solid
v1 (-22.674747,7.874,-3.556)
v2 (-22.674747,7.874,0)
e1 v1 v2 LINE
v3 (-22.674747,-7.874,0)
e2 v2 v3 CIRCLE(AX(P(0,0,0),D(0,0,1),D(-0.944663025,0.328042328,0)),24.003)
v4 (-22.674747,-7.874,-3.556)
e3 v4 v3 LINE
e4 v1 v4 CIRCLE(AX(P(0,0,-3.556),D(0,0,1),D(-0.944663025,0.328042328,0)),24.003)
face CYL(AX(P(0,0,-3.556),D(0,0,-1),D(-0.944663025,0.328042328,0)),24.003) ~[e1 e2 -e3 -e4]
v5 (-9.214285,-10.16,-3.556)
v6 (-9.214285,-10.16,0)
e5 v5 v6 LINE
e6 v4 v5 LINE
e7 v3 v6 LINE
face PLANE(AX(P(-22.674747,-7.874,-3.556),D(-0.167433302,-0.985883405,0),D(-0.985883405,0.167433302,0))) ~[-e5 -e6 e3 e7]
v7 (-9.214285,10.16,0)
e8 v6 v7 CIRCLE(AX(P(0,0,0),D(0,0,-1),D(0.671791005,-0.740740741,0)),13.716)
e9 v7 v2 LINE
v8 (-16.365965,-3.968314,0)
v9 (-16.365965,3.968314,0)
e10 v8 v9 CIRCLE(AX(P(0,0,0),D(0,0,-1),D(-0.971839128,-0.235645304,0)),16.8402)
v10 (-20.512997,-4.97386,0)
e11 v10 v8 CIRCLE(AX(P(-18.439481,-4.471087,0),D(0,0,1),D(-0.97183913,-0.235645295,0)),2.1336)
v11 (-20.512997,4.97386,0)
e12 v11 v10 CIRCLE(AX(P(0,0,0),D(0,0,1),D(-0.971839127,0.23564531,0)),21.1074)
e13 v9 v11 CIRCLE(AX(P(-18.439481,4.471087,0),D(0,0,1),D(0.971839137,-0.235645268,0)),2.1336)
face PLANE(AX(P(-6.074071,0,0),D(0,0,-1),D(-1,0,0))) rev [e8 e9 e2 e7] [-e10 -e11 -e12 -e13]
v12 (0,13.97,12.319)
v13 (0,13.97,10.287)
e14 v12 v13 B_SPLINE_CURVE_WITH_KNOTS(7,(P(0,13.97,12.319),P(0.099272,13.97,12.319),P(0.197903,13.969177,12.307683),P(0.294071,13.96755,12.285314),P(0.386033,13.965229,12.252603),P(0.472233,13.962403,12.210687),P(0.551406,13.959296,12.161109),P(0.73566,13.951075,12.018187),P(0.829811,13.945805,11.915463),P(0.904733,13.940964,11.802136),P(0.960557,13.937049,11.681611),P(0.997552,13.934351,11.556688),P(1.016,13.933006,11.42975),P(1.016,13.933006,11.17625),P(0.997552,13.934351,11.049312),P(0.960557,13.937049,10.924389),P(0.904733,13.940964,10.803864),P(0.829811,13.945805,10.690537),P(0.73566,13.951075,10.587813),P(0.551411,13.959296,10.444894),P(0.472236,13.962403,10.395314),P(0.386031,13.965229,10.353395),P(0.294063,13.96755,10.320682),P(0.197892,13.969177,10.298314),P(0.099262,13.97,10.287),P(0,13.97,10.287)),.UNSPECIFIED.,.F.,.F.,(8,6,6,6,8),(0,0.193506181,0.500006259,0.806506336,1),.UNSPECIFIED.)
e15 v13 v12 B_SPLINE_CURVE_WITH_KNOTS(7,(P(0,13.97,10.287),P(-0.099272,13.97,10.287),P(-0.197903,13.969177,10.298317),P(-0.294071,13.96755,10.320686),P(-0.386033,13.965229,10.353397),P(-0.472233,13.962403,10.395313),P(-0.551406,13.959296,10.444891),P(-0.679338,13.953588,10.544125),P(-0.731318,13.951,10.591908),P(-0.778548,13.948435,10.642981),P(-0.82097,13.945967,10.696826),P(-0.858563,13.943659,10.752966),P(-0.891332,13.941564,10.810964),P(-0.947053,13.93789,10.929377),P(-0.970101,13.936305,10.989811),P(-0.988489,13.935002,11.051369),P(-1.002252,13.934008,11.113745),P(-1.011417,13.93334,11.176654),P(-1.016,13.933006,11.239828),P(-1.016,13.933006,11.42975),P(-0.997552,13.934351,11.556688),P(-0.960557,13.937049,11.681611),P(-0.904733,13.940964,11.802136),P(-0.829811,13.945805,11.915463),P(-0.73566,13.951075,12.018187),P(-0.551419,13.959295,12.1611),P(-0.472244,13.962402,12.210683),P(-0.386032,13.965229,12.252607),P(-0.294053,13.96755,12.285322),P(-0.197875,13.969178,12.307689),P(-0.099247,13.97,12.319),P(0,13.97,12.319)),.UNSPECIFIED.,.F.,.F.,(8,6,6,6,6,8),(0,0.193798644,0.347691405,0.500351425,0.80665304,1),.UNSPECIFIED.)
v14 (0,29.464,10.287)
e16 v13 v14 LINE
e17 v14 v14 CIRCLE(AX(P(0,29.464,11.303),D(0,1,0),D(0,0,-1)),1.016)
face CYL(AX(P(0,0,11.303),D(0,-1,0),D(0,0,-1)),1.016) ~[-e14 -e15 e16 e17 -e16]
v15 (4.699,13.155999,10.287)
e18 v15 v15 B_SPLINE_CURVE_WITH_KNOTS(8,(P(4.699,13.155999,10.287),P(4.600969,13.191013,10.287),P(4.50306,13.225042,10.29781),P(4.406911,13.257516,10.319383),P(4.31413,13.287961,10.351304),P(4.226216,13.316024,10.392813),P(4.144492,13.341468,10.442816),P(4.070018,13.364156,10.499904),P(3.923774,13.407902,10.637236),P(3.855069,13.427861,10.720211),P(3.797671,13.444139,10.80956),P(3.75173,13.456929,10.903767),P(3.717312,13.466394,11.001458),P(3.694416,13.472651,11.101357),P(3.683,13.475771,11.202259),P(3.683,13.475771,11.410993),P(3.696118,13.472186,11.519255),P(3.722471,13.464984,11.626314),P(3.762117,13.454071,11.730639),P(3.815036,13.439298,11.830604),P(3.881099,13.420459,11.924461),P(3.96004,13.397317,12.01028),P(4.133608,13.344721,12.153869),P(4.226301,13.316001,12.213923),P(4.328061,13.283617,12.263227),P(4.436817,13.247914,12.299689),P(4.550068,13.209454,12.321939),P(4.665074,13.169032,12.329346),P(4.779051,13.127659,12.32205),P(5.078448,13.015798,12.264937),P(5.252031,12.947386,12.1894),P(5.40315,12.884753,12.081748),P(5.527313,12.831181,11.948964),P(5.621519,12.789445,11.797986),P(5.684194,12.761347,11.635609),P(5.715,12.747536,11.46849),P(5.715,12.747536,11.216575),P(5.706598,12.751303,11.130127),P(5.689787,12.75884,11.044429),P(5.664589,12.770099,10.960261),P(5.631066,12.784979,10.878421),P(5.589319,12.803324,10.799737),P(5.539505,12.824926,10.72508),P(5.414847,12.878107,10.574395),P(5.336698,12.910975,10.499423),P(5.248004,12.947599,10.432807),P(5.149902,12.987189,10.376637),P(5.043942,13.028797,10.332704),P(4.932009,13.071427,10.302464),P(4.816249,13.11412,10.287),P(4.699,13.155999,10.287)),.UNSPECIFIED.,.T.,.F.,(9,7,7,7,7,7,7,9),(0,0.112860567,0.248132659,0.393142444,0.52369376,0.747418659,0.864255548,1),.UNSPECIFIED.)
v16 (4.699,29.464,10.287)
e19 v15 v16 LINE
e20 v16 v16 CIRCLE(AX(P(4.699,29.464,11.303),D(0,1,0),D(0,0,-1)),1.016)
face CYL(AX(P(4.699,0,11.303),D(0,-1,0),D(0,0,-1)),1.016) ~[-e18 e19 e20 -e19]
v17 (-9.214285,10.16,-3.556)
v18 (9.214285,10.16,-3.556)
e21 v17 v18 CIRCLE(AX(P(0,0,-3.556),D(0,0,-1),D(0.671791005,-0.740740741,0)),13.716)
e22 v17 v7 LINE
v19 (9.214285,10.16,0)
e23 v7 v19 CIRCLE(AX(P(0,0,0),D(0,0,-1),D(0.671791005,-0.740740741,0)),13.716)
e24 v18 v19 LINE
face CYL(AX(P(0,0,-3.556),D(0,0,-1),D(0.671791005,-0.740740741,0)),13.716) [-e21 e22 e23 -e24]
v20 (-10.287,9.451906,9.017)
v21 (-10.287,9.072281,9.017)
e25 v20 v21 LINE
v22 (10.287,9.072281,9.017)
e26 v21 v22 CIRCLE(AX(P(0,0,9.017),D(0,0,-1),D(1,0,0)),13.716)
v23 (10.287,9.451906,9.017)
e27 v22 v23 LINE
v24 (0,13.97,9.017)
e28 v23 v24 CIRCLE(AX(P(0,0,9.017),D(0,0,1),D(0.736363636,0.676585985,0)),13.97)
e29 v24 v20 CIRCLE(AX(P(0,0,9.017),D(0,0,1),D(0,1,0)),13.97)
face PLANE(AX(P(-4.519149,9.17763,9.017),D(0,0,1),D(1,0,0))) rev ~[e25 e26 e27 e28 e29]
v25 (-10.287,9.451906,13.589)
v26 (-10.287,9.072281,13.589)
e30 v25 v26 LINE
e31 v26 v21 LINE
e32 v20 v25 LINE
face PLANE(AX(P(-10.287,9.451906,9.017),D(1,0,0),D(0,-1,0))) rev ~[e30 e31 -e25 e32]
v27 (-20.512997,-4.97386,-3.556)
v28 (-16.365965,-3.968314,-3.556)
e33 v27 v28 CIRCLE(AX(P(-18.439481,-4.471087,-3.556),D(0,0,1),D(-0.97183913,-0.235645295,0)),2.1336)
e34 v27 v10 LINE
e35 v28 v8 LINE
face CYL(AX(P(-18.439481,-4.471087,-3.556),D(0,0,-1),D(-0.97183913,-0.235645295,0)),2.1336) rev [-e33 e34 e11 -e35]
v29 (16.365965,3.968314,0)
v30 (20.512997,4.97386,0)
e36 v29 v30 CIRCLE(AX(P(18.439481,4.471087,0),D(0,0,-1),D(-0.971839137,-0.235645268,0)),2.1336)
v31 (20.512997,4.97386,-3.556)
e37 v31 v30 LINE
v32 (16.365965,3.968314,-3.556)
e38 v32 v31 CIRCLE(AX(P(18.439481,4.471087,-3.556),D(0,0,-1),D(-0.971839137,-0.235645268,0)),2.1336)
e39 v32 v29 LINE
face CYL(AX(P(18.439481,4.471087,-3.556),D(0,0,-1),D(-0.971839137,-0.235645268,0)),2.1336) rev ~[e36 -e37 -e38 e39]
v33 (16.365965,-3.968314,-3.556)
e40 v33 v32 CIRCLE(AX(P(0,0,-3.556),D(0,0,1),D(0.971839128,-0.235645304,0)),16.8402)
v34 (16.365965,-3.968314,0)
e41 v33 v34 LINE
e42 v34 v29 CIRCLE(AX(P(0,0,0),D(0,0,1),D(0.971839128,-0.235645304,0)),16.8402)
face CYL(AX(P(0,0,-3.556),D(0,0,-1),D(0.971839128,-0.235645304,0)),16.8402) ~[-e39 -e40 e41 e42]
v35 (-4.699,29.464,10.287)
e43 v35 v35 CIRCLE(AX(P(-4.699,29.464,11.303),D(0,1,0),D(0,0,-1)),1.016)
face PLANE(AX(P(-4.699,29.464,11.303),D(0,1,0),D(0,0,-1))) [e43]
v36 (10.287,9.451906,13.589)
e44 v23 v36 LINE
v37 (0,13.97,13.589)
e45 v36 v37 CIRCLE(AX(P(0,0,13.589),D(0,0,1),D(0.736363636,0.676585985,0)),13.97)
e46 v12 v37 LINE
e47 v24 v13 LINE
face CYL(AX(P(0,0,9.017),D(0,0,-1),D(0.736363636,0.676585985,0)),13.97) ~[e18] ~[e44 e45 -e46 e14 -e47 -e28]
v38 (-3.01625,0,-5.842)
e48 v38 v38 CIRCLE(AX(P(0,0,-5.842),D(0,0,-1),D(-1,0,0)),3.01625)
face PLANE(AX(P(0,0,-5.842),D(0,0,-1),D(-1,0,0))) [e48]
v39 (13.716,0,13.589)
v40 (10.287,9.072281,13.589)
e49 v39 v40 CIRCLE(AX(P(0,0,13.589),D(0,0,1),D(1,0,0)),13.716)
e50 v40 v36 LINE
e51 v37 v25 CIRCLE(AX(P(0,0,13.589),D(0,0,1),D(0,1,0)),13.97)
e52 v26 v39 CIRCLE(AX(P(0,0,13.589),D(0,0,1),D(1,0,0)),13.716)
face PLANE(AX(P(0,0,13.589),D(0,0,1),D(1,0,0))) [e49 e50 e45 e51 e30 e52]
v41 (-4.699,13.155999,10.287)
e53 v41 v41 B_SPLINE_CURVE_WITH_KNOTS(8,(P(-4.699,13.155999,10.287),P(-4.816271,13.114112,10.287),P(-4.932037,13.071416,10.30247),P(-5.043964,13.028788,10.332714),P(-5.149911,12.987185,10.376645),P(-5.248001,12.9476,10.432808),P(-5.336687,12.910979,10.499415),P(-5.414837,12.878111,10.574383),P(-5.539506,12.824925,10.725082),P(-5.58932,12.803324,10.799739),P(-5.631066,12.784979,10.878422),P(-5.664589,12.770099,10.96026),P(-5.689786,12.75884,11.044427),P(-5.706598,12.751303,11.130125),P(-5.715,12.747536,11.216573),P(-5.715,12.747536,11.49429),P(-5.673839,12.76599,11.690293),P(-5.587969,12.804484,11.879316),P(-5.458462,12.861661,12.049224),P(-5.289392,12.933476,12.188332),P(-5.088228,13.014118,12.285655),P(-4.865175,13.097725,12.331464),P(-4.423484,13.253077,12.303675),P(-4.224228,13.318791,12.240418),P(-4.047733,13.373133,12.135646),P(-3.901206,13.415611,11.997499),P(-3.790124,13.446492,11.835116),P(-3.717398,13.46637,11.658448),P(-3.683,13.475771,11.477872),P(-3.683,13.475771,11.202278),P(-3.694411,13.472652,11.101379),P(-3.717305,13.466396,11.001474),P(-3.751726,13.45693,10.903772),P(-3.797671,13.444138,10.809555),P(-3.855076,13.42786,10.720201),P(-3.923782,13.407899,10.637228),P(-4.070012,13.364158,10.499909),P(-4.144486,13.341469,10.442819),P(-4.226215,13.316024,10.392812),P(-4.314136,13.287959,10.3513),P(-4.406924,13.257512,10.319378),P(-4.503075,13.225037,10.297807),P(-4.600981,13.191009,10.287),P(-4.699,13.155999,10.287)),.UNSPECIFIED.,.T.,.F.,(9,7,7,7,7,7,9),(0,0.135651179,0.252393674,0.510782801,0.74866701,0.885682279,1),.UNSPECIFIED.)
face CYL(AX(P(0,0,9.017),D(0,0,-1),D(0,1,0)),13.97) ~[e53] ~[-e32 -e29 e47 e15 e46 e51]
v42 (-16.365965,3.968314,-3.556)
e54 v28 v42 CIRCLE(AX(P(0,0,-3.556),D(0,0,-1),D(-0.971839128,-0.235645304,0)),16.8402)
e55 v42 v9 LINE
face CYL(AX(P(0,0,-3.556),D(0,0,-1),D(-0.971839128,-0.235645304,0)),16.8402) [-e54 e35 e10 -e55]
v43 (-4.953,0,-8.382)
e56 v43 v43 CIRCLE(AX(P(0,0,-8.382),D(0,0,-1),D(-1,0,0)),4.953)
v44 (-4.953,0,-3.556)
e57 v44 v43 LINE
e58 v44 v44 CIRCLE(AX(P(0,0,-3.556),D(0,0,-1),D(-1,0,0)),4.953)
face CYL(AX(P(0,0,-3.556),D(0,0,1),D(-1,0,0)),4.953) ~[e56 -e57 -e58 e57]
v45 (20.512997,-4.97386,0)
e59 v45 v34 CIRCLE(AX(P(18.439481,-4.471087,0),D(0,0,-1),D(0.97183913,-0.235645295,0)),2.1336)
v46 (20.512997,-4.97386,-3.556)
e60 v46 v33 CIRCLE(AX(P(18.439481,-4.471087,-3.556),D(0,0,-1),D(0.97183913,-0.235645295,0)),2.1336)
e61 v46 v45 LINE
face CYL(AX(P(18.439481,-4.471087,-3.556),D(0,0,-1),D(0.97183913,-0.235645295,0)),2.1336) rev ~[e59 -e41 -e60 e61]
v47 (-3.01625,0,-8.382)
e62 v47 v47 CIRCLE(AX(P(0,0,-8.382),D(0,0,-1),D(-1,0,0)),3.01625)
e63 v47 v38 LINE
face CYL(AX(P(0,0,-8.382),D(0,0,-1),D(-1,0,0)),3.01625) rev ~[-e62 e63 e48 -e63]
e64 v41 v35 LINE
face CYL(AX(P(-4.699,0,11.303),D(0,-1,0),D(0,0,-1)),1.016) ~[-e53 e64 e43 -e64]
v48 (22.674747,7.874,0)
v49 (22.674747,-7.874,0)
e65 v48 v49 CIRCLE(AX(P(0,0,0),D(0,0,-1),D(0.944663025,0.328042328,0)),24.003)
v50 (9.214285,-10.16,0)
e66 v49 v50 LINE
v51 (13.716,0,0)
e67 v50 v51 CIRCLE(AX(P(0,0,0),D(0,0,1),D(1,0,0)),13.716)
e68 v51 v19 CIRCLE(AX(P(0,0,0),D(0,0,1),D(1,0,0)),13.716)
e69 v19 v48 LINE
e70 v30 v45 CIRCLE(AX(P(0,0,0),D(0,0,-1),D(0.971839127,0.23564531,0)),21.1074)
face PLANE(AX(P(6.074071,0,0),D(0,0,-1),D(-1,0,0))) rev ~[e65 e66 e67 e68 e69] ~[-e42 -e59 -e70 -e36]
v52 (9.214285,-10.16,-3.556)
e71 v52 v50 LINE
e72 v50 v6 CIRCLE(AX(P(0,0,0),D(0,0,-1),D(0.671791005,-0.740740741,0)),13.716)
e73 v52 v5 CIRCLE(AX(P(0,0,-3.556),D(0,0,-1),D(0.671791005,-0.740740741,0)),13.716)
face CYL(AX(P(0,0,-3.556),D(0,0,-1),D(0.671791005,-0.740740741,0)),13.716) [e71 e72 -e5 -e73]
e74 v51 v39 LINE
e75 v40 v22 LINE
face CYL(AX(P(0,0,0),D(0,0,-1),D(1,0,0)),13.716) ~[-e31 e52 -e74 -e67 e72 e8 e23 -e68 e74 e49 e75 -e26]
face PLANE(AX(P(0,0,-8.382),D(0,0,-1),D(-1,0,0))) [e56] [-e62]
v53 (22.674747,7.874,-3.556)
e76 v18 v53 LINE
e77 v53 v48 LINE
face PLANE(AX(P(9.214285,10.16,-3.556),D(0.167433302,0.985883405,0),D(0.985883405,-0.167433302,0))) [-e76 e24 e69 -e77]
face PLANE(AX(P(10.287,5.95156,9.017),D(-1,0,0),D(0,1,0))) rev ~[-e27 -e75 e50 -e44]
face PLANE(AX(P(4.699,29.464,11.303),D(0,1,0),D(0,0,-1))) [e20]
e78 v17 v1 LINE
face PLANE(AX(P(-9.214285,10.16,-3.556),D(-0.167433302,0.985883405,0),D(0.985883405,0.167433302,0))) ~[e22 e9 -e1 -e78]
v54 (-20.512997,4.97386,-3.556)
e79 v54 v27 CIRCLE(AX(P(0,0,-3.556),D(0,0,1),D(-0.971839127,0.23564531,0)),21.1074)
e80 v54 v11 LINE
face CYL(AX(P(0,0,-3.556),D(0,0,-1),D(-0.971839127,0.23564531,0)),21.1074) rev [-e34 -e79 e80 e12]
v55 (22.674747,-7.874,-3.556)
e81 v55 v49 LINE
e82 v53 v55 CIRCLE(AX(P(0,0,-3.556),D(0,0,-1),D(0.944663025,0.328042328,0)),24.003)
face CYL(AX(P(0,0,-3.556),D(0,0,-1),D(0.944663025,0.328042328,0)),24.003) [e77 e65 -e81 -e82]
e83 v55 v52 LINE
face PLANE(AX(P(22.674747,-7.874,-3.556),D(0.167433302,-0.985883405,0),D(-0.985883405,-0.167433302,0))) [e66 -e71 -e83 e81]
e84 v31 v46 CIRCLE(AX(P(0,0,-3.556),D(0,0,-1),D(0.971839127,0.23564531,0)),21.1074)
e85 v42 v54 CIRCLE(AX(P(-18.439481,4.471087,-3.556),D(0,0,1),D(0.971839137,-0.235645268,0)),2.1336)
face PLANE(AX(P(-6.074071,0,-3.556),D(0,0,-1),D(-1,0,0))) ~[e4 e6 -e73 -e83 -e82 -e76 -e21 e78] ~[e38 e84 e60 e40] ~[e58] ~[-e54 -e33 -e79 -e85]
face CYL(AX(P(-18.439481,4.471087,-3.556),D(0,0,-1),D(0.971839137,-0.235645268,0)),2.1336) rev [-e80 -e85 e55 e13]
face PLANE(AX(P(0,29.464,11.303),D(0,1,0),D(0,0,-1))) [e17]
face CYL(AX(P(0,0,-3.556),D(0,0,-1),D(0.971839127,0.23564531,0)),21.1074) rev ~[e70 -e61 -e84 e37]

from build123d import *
from build123d.topology import SkipClean

# Parameters (mm, degrees)
SKETCH1_R           = 13.716
BOSS_EXTRUDE1_DEPTH = 13.589
BOSS_EXTRUDE2_START = 3.556
BOSS_EXTRUDE2_DEPTH = 3.556
CUT_EXTRUDE1_DEPTH  = 3.556
SKETCH4_R           = 4.953
BOSS_EXTRUDE3_DEPTH = 4.826
SKETCH5_R           = 3.01625
CUT_EXTRUDE2_DEPTH  = 2.54
BOSS_EXTRUDE4_START = -4.572
BOSS_EXTRUDE4_DEPTH = 4.572
SKETCH6_R           = 1.016
BOSS_EXTRUDE5_DEPTH = 29.464


with BuildPart() as part:
    # Sketch1 → Boss-Extrude1 (new body)
    with BuildSketch(Plane.XY):
        Circle(SKETCH1_R)
    extrude(amount=BOSS_EXTRUDE1_DEPTH)

    # Sketch2 → Boss-Extrude2 (add)
    with BuildSketch(Plane(origin=(0, 0, 0), x_dir=(-1, 0, 0), z_dir=(0, 0, -1)).offset(BOSS_EXTRUDE2_START)):
        with BuildLine():
            Line((-9.214285431, 10.16), (-22.674746592, 7.874))
            ThreePointArc((-22.674746592, 7.874), (-24.003, 0), (-22.674746592, -7.874))
            Line((-22.674746592, -7.874), (-9.214285431, -10.16))
            ThreePointArc((-9.214285431, -10.16), (13.716, 0), (-9.214285431, 10.16))
        make_face()
    boss_extrude2 = extrude(amount=-BOSS_EXTRUDE2_DEPTH)

    # Sketch3 → Cut-Extrude1 (cut)
    with BuildSketch(Plane(origin=(0, 0, -3.556), x_dir=(-1, 0, 0), z_dir=(0, 0, -1))):
        with BuildLine():
            ThreePointArc((-16.365965281, -3.96831406), (-16.8402, 6.1e-08), (-16.365965252, 3.968314178))
            ThreePointArc((-16.365965252, 3.968314178), (-17.93670842, 6.544602887), (-20.512997182, 4.973859806))
            ThreePointArc((-20.512997182, 4.973859806), (-21.1074, 4.2e-08), (-20.512997202, -4.973859724))
            ThreePointArc((-20.512997202, -4.973859724), (-17.936708402, -6.544602882), (-16.365965281, -3.96831406))
        make_face()
    cut_extrude1 = extrude(amount=-CUT_EXTRUDE1_DEPTH, mode=Mode.SUBTRACT)

    # Mirror1: Boss-Extrude2, Cut-Extrude1 across plane
    add(boss_extrude2.mirror(Plane(origin=(0, 0, 0), x_dir=(0, 0, 1), z_dir=(1, 0, 0))))
    add(cut_extrude1.mirror(Plane(origin=(0, 0, 0), x_dir=(0, 0, 1), z_dir=(1, 0, 0))), mode=Mode.SUBTRACT)

    # Sketch4 → Boss-Extrude3 (add)
    with BuildSketch(Plane(origin=(0, 0, -3.556), x_dir=(-1, 0, 0), z_dir=(0, 0, -1))):
        Circle(SKETCH4_R)
    extrude(amount=BOSS_EXTRUDE3_DEPTH)

    # Sketch5 → Cut-Extrude2 (cut)
    with BuildSketch(Plane(origin=(0, 0, -8.382), x_dir=(-1, 0, 0), z_dir=(0, 0, -1))):
        Circle(SKETCH5_R)
    extrude(amount=-CUT_EXTRUDE2_DEPTH, mode=Mode.SUBTRACT)

    # Sketch7 → Boss-Extrude4 (add)
    with BuildSketch(Plane.XY.offset(13.589).offset(BOSS_EXTRUDE4_START)):
        with BuildLine():
            Line((0, 5.951559827), (0, 13.716))
            ThreePointArc((0, 13.716), (-5.643281246, 12.501281246), (-10.287, 9.072281246))
            Line((-10.287, 9.072281246), (-10.287, 5.951559827))
            Line((-10.287, 5.951559827), (0, 5.951559827))
        make_face()
        with BuildLine():
            Line((10.287, 5.951559827), (10.287, 9.072281246))
            ThreePointArc((10.287, 9.072281246), (5.643281246, 12.501281246), (0, 13.716))
            Line((0, 13.716), (0, 5.951559827))
            Line((0, 5.951559827), (10.287, 5.951559827))
        make_face()
        with BuildLine():
            Line((0, 13.716), (0, 13.97))
            ThreePointArc((0, 13.97), (-5.617729535, 12.790700328), (-10.287, 9.45190621))
            Line((-10.287, 9.45190621), (-10.287, 9.072281246))
            ThreePointArc((-10.287, 9.072281246), (-5.643281246, 12.501281246), (0, 13.716))
        make_face()
        with BuildLine():
            Line((10.287, 9.072281246), (10.287, 9.45190621))
            ThreePointArc((10.287, 9.45190621), (5.617729535, 12.790700328), (0, 13.97))
            Line((0, 13.97), (0, 13.716))
            ThreePointArc((0, 13.716), (5.643281246, 12.501281246), (10.287, 9.072281246))
        make_face()
    extrude(amount=BOSS_EXTRUDE4_DEPTH)

    # Sketch6 → Boss-Extrude5 (add)
    with SkipClean():  # the faces are left unmerged after this step: merging them gives an invalid solid
        with BuildSketch(Plane(origin=(0, 0, 0), x_dir=(1, 0, 0), z_dir=(0, 1, 0))):
            with Locations(Location((0, -11.303, 0), (0, 0, 90))):
                Circle(SKETCH6_R)
            with Locations(Location((-4.699, -11.303, 0), (0, 0, 90))):
                Circle(SKETCH6_R)
            with Locations(Location((4.699, -11.303, 0), (0, 0, 90))):
                Circle(SKETCH6_R)
        extrude(amount=BOSS_EXTRUDE5_DEPTH)


solid = part.part
